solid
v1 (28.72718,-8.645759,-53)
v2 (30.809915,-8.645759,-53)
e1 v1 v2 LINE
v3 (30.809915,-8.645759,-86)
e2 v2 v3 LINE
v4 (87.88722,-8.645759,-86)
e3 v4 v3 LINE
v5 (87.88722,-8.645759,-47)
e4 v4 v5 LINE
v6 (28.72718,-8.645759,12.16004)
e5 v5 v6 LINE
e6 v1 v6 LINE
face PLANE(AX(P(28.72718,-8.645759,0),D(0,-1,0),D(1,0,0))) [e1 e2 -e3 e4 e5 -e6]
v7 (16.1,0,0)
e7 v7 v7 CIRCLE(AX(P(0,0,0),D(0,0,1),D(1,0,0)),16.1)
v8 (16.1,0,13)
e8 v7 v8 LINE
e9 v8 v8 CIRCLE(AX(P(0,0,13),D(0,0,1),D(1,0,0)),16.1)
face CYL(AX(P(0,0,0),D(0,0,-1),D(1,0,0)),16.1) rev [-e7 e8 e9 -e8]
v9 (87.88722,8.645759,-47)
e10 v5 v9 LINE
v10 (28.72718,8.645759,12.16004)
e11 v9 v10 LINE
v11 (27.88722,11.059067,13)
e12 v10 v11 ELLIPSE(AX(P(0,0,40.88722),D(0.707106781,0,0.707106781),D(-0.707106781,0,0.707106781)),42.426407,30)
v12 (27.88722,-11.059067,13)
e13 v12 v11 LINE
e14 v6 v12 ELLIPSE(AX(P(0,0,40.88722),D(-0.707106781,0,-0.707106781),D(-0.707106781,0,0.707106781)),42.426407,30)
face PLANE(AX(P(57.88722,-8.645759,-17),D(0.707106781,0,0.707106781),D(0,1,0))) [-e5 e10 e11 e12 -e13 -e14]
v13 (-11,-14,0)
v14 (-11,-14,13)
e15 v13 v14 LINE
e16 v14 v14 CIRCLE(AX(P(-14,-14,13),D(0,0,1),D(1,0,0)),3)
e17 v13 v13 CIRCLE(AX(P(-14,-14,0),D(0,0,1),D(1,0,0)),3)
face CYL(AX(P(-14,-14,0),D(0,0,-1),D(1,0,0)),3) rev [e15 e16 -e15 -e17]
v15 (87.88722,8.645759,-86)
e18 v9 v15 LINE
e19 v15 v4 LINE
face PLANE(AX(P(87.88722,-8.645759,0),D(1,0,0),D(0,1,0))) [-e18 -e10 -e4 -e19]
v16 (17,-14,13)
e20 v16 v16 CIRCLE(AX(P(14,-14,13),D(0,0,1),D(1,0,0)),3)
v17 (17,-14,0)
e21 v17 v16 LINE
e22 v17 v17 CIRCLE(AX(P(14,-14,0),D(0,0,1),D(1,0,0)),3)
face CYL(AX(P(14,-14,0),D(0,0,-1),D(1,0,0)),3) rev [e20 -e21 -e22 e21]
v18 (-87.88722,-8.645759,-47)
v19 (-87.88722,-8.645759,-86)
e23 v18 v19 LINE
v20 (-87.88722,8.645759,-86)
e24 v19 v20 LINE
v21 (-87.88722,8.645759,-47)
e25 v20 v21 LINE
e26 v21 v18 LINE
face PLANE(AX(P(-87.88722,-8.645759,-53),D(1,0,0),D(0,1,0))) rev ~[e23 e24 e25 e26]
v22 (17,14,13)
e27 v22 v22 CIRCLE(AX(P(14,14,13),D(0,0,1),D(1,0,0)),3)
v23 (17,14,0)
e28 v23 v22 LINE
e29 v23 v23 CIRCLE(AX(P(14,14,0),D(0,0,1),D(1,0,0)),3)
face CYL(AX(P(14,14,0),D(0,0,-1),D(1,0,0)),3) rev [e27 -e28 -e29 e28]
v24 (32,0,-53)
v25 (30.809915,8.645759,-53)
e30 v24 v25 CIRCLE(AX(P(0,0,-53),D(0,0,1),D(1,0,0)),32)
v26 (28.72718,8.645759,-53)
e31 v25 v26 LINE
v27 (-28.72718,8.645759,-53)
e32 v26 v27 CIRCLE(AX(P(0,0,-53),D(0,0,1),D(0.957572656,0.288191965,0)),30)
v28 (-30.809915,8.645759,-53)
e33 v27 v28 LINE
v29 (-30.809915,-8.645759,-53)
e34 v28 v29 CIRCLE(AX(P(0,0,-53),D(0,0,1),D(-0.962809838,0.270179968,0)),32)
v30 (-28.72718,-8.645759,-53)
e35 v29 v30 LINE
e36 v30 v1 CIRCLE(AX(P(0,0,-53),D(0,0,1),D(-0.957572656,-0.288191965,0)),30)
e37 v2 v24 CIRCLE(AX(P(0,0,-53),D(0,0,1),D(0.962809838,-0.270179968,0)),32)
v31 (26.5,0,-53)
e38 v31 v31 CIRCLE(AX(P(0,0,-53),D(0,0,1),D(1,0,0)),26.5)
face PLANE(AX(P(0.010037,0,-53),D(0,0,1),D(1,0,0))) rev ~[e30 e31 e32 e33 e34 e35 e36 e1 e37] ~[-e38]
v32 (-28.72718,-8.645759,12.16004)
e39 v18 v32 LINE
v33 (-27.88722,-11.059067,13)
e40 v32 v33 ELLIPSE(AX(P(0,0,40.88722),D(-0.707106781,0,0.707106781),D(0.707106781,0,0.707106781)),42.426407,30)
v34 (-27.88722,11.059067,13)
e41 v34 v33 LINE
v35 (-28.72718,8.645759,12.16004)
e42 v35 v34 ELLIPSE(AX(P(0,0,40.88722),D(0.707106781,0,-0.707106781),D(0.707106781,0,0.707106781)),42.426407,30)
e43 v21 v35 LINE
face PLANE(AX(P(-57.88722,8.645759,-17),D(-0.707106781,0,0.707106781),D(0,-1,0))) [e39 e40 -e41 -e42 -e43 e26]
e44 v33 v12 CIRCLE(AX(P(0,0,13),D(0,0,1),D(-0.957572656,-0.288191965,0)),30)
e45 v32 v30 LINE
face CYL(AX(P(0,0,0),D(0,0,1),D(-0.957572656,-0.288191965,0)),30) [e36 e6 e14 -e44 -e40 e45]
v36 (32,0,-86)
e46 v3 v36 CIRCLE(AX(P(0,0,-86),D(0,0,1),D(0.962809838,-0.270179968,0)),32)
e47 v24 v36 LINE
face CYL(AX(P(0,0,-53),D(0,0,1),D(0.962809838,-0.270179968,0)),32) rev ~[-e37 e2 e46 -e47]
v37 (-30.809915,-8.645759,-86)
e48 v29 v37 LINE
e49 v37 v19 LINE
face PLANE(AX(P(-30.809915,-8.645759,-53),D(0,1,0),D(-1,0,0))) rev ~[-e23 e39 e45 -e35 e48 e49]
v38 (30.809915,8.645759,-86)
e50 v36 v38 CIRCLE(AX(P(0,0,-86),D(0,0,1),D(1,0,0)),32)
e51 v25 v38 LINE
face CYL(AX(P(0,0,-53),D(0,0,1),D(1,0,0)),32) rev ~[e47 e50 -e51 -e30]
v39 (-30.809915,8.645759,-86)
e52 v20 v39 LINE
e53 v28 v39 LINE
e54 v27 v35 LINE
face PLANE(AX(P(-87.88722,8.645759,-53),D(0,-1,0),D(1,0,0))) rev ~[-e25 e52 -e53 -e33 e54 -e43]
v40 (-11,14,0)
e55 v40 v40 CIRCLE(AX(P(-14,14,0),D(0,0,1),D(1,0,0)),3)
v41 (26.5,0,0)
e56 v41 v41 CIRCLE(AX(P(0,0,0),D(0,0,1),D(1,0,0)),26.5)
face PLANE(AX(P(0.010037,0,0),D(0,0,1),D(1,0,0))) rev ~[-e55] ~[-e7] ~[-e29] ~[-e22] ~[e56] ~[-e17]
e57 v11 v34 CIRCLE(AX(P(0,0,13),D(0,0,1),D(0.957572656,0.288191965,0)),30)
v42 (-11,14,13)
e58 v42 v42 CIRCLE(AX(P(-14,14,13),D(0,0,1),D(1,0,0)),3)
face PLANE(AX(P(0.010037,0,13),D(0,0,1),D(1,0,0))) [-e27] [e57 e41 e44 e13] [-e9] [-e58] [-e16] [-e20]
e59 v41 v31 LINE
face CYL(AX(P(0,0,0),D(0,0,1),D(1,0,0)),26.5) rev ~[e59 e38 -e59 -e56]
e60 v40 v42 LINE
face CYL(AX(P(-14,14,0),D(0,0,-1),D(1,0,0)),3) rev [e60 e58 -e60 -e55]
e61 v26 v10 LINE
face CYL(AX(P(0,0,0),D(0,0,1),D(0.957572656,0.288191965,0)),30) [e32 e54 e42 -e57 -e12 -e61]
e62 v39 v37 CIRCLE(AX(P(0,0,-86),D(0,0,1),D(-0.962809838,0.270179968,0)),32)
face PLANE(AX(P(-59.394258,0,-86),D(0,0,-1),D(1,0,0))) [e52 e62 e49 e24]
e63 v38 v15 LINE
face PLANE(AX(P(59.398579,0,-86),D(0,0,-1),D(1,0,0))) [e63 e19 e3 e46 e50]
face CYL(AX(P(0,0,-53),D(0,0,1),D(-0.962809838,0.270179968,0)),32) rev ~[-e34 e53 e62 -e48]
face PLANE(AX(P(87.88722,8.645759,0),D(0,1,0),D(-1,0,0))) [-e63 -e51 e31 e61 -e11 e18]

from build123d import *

# Parameters (mm, degrees)
F0_R     = 26.5
F0_R_2   = 3
F0_R_3   = 16.1
F1_DEPTH = 13
F2_DEPTH = 53
F3_SIZE  = 60
F5_DEPTH = 33


with BuildPart() as f1:
    # F0 (on Top) → F1 (new body)
    with BuildSketch(Plane.XY):
        with BuildLine():
            ThreePointArc((28.7271796725, -8.6457589641), (29.6800892028, -4.3694742147), (30, 0))
            ThreePointArc((30, 0), (29.6800892028, 4.3694742147), (28.7271796725, 8.6457589641))
            ThreePointArc((28.7271796725, 8.6457589641), (0, 30), (-28.7271796725, 8.6457589641))
            ThreePointArc((-28.7271796725, 8.6457589641), (-30, 0), (-28.7271796725, -8.6457589641))
            ThreePointArc((-28.7271796725, -8.6457589641), (0, -30), (28.7271796725, -8.6457589641))
        make_face()
        Circle(F0_R, mode=Mode.SUBTRACT)
        Circle(F0_R)
        with Locations((-14, -14)):
            Circle(F0_R_2, mode=Mode.SUBTRACT)
        with Locations((14, -14)):
            Circle(F0_R_2, mode=Mode.SUBTRACT)
        with Locations((-14, 14)):
            Circle(F0_R_2, mode=Mode.SUBTRACT)
        Circle(F0_R_3, mode=Mode.SUBTRACT)
        with Locations((14, 14)):
            Circle(F0_R_2, mode=Mode.SUBTRACT)
        with BuildLine():
            ThreePointArc((28.7271796725, 8.6457589641), (29.6800892028, 4.3694742147), (30, 0))
            ThreePointArc((30, 0), (29.6800892028, -4.3694742147), (28.7271796725, -8.6457589641))
            Line((28.7271796725, -8.6457589641), (87.8872200847, -8.6457589641))
            Line((87.8872200847, -8.6457589641), (87.8872200847, 8.6457589641))
            Line((87.8872200847, 8.6457589641), (28.7271796725, 8.6457589641))
        make_face()
        with BuildLine():
            ThreePointArc((-28.7271796725, -8.6457589641), (-30, 0), (-28.7271796725, 8.6457589641))
            Line((-28.7271796725, 8.6457589641), (-87.8872200847, 8.6457589641))
            Line((-87.8872200847, 8.6457589641), (-87.8872200847, -8.6457589641))
            Line((-87.8872200847, -8.6457589641), (-28.7271796725, -8.6457589641))
        make_face()
    extrude(amount=F1_DEPTH)

    # F0 (on Top) → F2 (join)
    with BuildSketch(Plane.XY):
        with BuildLine():
            ThreePointArc((28.7271796725, -8.6457589641), (29.6800892028, -4.3694742147), (30, 0))
            ThreePointArc((30, 0), (29.6800892028, 4.3694742147), (28.7271796725, 8.6457589641))
            ThreePointArc((28.7271796725, 8.6457589641), (0, 30), (-28.7271796725, 8.6457589641))
            ThreePointArc((-28.7271796725, 8.6457589641), (-30, 0), (-28.7271796725, -8.6457589641))
            ThreePointArc((-28.7271796725, -8.6457589641), (0, -30), (28.7271796725, -8.6457589641))
        make_face()
        Circle(F0_R, mode=Mode.SUBTRACT)
        with BuildLine():
            ThreePointArc((28.7271796725, 8.6457589641), (29.6800892028, 4.3694742147), (30, 0))
            ThreePointArc((30, 0), (29.6800892028, -4.3694742147), (28.7271796725, -8.6457589641))
            Line((28.7271796725, -8.6457589641), (87.8872200847, -8.6457589641))
            Line((87.8872200847, -8.6457589641), (87.8872200847, 8.6457589641))
            Line((87.8872200847, 8.6457589641), (28.7271796725, 8.6457589641))
        make_face()
        with BuildLine():
            ThreePointArc((-28.7271796725, -8.6457589641), (-30, 0), (-28.7271796725, 8.6457589641))
            Line((-28.7271796725, 8.6457589641), (-87.8872200847, 8.6457589641))
            Line((-87.8872200847, 8.6457589641), (-87.8872200847, -8.6457589641))
            Line((-87.8872200847, -8.6457589641), (-28.7271796725, -8.6457589641))
        make_face()
    extrude(amount=-F2_DEPTH)

    # F3
    f3_edges = [f1.edges().sort_by_distance(p)[0] for p in [
        (87.88722, 0, 13),
        (-87.88722, 0, 13),
    ]]
    chamfer(f3_edges, length=F3_SIZE)

    # F4 (on face) → F5 (join)
    with BuildSketch(Plane(origin=(0, 0, -53), x_dir=(1, 0, 0), z_dir=(0, 0, -1))):
        with BuildLine():
            ThreePointArc((-30.8099148317, -8.6457589641), (-32, 0), (-30.8099148317, 8.6457589641))
            Line((-30.8099148317, 8.6457589641), (-87.8872200847, 8.6457589641))
            Line((-87.8872200847, 8.6457589641), (-87.8872200847, -8.6457589641))
            Line((-87.8872200847, -8.6457589641), (-30.8099148317, -8.6457589641))
        make_face()
        with BuildLine():
            ThreePointArc((30.8099148317, 8.6457589641), (31.7010825889, 4.3636409904), (32, 0))
            ThreePointArc((32, 0), (31.7010825889, -4.3636409904), (30.8099148317, -8.6457589641))
            Line((30.8099148317, -8.6457589641), (87.8872200847, -8.6457589641))
            Line((87.8872200847, -8.6457589641), (87.8872200847, 8.6457589641))
            Line((87.8872200847, 8.6457589641), (30.8099148317, 8.6457589641))
        make_face()
    extrude(amount=F5_DEPTH)


solid = f1.part
